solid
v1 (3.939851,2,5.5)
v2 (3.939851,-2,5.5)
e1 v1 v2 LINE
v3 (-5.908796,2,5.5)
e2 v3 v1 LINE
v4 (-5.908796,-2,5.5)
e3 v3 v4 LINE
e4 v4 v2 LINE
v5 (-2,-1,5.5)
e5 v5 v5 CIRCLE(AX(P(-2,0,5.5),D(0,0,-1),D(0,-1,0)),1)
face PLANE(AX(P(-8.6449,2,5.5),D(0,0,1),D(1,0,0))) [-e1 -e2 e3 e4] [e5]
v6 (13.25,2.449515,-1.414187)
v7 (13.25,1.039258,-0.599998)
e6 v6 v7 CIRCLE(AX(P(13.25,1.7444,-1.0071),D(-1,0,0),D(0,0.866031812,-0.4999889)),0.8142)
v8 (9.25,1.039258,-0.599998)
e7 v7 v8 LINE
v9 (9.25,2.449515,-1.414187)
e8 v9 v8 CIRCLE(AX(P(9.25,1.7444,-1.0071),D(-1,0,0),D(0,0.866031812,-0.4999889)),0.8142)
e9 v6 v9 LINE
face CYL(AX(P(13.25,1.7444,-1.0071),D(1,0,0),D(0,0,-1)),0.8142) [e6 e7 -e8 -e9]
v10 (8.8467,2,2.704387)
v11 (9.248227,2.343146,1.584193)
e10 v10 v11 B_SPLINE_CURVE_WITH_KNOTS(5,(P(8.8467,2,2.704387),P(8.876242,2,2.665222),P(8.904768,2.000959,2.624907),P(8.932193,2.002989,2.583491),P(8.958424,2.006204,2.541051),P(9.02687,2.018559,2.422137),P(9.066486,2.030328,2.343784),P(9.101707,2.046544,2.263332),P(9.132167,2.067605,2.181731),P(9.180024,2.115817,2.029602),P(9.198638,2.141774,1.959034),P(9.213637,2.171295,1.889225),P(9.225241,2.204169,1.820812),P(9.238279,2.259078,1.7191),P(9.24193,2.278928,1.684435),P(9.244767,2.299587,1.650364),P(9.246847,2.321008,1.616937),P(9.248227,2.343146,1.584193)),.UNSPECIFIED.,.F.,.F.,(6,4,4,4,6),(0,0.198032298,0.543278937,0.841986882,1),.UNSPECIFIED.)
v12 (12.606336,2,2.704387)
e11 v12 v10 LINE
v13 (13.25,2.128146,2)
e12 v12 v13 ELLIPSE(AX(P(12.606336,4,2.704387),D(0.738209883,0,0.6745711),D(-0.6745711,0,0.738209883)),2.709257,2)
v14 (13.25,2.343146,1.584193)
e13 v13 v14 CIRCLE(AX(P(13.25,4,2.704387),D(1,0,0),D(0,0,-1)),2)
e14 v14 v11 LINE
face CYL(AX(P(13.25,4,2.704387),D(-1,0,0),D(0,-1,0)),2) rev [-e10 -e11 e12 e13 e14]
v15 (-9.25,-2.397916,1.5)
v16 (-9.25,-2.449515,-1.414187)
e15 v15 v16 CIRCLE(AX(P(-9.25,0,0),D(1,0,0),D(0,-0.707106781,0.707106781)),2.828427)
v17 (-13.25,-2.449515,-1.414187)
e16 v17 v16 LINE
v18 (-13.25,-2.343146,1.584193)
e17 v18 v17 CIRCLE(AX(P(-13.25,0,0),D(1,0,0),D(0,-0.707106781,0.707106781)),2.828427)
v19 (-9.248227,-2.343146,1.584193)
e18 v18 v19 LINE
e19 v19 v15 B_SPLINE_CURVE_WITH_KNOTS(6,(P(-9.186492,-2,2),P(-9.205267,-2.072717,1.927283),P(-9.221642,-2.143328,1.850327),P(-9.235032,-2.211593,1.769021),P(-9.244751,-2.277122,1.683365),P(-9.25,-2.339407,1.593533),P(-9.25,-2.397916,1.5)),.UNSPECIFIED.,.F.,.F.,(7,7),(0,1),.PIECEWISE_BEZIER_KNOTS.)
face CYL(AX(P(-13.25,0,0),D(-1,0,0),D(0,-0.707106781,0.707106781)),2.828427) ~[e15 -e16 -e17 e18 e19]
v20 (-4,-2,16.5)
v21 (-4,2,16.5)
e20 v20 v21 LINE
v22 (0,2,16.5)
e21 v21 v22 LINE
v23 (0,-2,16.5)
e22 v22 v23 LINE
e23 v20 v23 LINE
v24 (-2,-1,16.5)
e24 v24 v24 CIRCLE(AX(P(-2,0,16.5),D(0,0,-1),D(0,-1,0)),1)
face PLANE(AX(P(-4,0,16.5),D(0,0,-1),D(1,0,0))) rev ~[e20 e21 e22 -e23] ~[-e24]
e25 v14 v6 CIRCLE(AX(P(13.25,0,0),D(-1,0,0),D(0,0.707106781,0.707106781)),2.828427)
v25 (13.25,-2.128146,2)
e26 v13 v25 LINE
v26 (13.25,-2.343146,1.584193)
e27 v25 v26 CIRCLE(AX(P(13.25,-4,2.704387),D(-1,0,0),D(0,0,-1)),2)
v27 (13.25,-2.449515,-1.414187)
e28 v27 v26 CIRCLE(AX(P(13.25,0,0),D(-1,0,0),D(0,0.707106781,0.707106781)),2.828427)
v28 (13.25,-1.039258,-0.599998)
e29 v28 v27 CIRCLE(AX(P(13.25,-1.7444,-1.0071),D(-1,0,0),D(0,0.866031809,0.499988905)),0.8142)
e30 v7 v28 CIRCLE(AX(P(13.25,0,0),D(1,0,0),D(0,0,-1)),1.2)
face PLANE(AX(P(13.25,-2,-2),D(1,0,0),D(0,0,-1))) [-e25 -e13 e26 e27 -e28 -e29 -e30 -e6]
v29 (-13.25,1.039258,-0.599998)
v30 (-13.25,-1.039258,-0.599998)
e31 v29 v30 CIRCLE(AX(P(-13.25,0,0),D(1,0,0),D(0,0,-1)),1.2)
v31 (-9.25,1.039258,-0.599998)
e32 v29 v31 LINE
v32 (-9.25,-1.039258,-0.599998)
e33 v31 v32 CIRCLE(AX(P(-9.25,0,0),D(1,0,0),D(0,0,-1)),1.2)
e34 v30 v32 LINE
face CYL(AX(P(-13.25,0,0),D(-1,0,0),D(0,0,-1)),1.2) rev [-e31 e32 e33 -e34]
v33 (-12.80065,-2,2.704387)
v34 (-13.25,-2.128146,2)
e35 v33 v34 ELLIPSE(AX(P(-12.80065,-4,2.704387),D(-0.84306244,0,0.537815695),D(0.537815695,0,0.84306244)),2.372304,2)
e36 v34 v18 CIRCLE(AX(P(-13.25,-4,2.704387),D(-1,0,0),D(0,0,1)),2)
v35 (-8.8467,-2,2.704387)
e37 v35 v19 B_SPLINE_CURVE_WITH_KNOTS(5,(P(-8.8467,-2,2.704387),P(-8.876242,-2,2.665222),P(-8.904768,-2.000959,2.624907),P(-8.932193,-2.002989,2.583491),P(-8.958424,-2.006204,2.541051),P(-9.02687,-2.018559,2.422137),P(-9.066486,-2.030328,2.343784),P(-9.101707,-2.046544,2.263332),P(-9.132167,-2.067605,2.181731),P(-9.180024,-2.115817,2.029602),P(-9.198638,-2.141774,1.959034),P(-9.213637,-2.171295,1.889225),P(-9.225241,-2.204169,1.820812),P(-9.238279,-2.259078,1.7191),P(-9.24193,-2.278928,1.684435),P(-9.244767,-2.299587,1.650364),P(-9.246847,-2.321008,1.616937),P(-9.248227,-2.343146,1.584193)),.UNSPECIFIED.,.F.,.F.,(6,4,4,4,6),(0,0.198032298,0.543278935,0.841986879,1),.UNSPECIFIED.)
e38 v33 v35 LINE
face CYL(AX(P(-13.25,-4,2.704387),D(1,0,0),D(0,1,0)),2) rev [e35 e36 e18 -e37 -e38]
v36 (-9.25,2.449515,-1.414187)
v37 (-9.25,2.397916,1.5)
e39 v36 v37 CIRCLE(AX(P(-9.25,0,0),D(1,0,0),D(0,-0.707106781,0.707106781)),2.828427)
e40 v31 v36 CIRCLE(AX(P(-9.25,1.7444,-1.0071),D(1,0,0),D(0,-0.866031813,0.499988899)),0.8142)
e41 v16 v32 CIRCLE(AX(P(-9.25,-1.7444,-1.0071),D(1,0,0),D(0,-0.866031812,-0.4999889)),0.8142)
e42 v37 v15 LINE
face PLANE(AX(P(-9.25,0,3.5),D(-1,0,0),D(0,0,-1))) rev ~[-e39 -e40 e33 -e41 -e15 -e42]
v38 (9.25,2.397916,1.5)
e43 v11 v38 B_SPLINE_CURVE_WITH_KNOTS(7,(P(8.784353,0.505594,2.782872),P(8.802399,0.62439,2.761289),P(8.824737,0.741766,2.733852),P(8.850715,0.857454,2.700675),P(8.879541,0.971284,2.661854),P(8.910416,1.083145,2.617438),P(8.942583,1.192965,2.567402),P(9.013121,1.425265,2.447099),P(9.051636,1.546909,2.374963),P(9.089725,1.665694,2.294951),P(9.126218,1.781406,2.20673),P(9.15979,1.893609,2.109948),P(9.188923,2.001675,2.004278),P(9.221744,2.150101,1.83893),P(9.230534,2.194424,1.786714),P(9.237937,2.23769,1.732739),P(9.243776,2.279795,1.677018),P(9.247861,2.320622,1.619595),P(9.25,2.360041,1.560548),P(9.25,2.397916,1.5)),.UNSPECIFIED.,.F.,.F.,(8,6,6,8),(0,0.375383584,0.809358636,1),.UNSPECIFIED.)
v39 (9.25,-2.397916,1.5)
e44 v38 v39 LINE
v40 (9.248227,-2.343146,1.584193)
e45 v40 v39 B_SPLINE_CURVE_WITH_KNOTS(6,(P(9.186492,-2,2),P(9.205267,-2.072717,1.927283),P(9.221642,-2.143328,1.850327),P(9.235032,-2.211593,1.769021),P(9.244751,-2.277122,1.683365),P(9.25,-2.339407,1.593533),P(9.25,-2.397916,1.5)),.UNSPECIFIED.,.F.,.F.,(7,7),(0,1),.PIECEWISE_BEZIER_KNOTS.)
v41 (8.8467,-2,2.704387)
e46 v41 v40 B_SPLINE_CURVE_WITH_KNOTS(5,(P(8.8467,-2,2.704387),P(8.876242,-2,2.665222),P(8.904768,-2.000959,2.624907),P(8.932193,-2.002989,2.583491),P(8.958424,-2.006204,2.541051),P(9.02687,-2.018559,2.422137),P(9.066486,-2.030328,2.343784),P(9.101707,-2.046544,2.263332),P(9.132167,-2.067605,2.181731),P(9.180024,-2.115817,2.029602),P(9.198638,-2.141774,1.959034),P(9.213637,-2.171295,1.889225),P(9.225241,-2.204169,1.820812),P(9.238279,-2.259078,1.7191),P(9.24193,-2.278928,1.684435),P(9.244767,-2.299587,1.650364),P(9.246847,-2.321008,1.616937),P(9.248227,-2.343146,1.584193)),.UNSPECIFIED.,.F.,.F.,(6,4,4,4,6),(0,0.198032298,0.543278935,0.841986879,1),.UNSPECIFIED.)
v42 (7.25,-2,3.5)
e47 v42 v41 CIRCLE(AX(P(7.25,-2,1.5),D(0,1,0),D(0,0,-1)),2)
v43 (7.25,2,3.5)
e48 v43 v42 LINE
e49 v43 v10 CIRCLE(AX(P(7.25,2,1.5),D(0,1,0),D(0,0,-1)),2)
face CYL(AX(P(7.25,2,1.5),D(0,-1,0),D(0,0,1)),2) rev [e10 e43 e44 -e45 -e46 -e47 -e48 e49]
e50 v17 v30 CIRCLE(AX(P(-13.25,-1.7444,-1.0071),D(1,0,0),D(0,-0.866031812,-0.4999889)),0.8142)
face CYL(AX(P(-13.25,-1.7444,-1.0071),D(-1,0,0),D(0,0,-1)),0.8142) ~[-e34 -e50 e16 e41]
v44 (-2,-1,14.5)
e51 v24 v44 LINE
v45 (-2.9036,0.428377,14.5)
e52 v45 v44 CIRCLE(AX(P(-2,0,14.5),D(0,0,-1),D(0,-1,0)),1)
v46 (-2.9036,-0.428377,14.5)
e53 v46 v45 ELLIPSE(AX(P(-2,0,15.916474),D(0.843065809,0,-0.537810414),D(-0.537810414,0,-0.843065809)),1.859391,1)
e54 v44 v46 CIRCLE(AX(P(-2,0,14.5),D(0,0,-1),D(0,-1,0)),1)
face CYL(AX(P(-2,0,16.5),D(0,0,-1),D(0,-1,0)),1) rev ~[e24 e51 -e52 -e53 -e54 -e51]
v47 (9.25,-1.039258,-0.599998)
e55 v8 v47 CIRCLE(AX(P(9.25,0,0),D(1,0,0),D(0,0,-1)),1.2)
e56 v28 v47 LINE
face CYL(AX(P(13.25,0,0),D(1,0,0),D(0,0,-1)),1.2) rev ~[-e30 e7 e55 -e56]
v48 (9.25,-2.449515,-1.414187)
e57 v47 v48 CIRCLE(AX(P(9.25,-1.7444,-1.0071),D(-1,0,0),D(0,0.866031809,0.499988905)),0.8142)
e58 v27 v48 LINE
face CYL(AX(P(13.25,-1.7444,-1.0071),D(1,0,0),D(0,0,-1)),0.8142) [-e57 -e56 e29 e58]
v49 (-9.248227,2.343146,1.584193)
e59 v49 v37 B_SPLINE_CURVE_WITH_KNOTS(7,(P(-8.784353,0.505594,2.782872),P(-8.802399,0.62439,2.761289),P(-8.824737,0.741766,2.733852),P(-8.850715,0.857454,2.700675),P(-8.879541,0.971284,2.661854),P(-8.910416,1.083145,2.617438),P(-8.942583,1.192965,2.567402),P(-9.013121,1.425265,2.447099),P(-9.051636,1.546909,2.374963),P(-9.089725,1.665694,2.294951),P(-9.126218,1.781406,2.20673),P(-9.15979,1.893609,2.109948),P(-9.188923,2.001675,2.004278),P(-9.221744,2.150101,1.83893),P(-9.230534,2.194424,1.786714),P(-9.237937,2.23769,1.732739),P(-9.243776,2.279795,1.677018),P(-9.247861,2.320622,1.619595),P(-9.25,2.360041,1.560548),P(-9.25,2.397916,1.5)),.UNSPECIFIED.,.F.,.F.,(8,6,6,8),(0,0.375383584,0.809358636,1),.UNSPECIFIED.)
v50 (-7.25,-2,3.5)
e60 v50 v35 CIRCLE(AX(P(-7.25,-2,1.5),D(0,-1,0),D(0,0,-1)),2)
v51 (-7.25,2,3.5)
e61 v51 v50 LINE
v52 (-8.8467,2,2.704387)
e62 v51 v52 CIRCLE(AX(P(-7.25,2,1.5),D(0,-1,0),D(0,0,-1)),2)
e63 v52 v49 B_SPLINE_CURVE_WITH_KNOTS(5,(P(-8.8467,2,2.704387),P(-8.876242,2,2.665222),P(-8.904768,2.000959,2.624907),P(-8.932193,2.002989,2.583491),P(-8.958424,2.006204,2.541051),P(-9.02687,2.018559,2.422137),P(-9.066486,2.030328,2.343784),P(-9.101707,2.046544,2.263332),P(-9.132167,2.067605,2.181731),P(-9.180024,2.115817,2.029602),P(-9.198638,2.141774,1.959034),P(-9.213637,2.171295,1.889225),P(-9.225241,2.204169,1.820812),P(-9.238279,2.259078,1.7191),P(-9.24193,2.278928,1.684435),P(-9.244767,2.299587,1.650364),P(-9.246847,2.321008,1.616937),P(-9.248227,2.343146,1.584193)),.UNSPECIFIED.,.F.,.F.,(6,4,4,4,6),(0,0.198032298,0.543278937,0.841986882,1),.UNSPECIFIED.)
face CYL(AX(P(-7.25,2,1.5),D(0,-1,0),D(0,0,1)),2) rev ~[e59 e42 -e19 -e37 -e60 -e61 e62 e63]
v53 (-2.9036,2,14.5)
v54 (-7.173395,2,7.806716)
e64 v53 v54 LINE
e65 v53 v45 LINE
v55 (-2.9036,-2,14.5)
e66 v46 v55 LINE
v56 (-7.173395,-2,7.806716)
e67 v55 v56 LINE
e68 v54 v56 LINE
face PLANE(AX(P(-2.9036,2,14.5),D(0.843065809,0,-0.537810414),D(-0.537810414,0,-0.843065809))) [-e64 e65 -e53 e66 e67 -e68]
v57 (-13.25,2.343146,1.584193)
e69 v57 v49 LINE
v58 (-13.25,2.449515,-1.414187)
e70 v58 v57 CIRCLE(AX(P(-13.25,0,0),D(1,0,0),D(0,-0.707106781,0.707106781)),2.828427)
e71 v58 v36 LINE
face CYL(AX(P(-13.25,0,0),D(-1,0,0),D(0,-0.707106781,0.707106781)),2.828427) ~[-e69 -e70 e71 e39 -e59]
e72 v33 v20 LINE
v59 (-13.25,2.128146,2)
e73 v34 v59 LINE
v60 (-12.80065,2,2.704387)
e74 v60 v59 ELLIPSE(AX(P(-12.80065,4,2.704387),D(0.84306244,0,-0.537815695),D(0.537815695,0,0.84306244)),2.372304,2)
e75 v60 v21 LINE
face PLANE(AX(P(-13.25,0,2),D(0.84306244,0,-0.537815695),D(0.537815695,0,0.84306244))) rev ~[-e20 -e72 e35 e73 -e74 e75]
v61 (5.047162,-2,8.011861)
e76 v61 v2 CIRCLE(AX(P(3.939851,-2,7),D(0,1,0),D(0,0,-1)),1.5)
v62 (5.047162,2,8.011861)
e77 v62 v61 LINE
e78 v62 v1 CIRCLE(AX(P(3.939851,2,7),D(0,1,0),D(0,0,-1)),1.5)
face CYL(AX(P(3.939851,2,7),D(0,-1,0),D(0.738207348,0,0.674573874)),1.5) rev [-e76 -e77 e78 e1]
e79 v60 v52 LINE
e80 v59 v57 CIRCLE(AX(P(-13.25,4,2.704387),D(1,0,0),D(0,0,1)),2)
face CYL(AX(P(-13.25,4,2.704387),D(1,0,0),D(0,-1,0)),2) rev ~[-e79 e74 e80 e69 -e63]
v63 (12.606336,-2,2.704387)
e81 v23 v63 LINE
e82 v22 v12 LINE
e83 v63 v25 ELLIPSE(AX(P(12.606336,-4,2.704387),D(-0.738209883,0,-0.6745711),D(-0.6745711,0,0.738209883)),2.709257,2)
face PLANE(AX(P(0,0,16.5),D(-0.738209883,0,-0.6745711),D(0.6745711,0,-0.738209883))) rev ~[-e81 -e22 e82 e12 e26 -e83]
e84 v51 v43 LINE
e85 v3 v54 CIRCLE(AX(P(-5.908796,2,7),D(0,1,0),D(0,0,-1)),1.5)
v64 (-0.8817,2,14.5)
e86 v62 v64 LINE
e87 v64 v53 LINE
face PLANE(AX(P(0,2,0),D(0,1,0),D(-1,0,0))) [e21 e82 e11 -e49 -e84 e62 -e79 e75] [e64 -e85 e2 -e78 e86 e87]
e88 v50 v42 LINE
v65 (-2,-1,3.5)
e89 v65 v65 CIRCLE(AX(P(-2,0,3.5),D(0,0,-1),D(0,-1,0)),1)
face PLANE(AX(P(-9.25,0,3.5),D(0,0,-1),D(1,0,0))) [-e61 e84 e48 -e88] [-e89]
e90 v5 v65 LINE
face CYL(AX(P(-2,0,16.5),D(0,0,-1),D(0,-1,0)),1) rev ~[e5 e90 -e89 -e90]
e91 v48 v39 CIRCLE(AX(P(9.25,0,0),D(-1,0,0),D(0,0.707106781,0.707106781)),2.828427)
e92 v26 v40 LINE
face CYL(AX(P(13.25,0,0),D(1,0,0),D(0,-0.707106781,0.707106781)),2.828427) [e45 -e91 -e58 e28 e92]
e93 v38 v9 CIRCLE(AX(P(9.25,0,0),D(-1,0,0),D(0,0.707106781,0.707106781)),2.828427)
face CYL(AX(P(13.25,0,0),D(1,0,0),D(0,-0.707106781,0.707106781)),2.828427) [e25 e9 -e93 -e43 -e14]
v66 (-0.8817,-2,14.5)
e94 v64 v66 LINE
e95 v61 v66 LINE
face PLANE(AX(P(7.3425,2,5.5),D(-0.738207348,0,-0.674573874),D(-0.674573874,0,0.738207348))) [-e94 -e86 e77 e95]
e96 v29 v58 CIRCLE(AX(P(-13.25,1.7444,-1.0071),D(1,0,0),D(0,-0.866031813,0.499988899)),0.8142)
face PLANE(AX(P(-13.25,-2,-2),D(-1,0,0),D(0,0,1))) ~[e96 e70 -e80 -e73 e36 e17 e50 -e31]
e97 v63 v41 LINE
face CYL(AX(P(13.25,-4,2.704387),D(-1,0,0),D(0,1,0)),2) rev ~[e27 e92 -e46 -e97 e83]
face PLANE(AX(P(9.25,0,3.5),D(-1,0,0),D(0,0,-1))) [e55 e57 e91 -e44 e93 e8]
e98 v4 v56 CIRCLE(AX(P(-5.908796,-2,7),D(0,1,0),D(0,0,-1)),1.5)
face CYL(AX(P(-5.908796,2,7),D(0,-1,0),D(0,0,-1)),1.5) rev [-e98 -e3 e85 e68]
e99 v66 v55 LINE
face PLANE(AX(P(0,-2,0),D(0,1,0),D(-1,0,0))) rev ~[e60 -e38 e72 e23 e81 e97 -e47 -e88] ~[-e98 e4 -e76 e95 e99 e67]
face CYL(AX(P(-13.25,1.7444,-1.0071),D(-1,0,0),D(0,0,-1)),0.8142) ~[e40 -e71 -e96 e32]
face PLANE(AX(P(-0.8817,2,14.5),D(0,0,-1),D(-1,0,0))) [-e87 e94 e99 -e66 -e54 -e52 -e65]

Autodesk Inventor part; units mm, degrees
ref_plane "YZ Plane" through (0, 0, 0) normal (1, 0, 0) x (0, 1, 0)
ref_plane "XZ Plane" through (0, 0, 0) normal (0, 1, 0) x (-1, 0, 0)
ref_plane "XY Plane" through (0, 0, 0) normal (0, 0, 1) x (1, 0, 0)
sketch "スケッチ1" plane through (0, 0, 0) normal (0, 1, 0) x (-1, 0, 0)
  line L0 (13.25, -2) -> (-13.25, -2)
  line L1 (-13.25, -2) -> (-13.25, 2)
  line L2 (13.25, 2) -> (13.25, -2)
  line L3 (13.25, 2) -> (4, 16.5)
  line L4 (4, 16.5) -> (0, 16.5)
  line L5 (0, 16.5) -> (-13.25, 2)
  line L6 (9.25, 3.5) -> (-9.25, 3.5)
  line L7 (9.25, 3.5) -> (9.25, -2)
  line L8 (-9.25, 3.5) -> (-9.25, -2)
  point P0 (0, 0)
  point P1 (13.25, 0)
  point P2 (0, -2)
  point P3 (2, 16.5)
  dimension "d1" = 4
  dimension "d2" = 4
  dimension "d3" = 16.5
  dimension "d19" = 3.5
  dimension "d32" = 4
  dimension "d33" = 26.5
  dimension "d34" = 4
  dimension "d36" = 4
  dimension "d37" = 2
extrude "押し出し1" add sketch "スケッチ1" along normal mid plane 4 contours L0 L7 L6 L8 L1 L5 L4 L3 L2
sketch "スケッチ3" plane through (-4, 2, 16.5) normal (0, 0, 1) x (1, 0, 0)
  line L0 (0, 0) -> (4, 0) projected
  line L1 (0, -4) -> (0, 0) projected
  point P0 (4, -2)
  point P1 (2, -2)
  point P2 (0, -2)
  point P3 (2, 0)
hole "穴1" at (-2, 0, 16.5) direction (0, 0, -1) diameter 2 end through all
sketch "スケッチ4" plane through (13.25, -2, -2) normal (1, 0, 0) x (0, 0, -1)
  line L0 (0, 4) -> (0, 0) projected
  line L1 (-4, 0) -> (-4, 4) projected
  line L2 (0, 0) -> (-4, 0) projected
  circle A0 centre (-2, 2) radius 1.2
  line L3 (-4, 4) -> (0, 4) projected
  arc A1 (-4, 0) -> (-4, 4) centre (-2, 2) ccw
  circle A2 centre (-0.9929, 3.7444) radius 0.8142
  circle A3 centre (-0.9929, 0.2556) radius 0.8142
  line L4 (-0.9929, 3.7444) -> (-2, 2) construction
  line L5 (-2, 2) -> (-0.9929, 0.2556) construction
  line L6 (-0.9929, 1.0699) -> (-0.9929, 2.9301) construction
  line L7 (0, 2.2089) -> (-0.9929, 3.7444) construction
  point P0 (-2, 2)
  point P1 (-1.4, 3.0392)
  point P2 (-1.4, 0.9608)
  point P3 (-0.2199, 0)
  point P4 (-0.2199, 4)
  point P5 (-0.5858, 4.4495)
  point P6 (-0.5858, -0.4495)
  dimension "d22" = 1.6284
  dimension "d20" = 2.4
  dimension "d21" = 120
  dimension "d23" = 1.8603
extrude "押し出し3" add sketch "スケッチ4" against normal up to surface (4 mm away)
extrude "押し出し4" cut sketch "スケッチ4" against normal up to surface (4 mm away) contours A1 L0 | L0 L2 A3 A0 A2 L3 | L3 A2 A1 | A1 A3 L2 | A0 picked at (-0.1339, 4.0556) picked at (-0.1339, -0.0556)
mirror "ミラー1" about plane through (0, 0, 0) normal (1, 0, 0) of "押し出し3", "押し出し4"
sketch "スケッチ5" plane through (0, 2, 0) normal (0, 1, 0) x (1, 0, 0)
  line L0 (-13.25, -2) -> (-4, -16.5) projected
  line L1 (-4, -16.5) -> (0, -16.5) projected
  line L2 (0, -16.5) -> (13.25, -2) projected
  line L3 (9.25, -3.5) -> (-9.25, -3.5) projected
  line L4 (-2.9036, -14.5) -> (-8.6449, -5.5)
  line L5 (7.3425, -5.5) -> (-0.8817, -14.5)
  line L6 (-0.8817, -14.5) -> (-2.9036, -14.5)
  line L7 (-8.6449, -5.5) -> (7.3425, -5.5)
  point P0 (0, 0)
  dimension "d38" = 2
  dimension "d40" = 2
  dimension "d41" = 2
extrude "押し出し5" cut sketch "スケッチ5" against normal through all
fillet "フィレット4" radius 1.5 2 edges at (-8.6449, 0, 5.5) (7.3425, 0, 5.5)
fillet "フィレット5" radius 2 6 edges at (9.25, 0, 3.5) (-9.25, 0, 3.5) (-11.25, 2, 2) (11.25, 2, 2) (11.25, -2, 2) (-11.25, -2, 2)
equation "\"d34\" = d32"
equation "\"d36\" = d1"
equation "\"d37\" = 0.5 * d32"
equation "\"d40\" = d38"
equation "\"d41\" = d38"
properties part number "GearBase" material "ABS プラスチック"
